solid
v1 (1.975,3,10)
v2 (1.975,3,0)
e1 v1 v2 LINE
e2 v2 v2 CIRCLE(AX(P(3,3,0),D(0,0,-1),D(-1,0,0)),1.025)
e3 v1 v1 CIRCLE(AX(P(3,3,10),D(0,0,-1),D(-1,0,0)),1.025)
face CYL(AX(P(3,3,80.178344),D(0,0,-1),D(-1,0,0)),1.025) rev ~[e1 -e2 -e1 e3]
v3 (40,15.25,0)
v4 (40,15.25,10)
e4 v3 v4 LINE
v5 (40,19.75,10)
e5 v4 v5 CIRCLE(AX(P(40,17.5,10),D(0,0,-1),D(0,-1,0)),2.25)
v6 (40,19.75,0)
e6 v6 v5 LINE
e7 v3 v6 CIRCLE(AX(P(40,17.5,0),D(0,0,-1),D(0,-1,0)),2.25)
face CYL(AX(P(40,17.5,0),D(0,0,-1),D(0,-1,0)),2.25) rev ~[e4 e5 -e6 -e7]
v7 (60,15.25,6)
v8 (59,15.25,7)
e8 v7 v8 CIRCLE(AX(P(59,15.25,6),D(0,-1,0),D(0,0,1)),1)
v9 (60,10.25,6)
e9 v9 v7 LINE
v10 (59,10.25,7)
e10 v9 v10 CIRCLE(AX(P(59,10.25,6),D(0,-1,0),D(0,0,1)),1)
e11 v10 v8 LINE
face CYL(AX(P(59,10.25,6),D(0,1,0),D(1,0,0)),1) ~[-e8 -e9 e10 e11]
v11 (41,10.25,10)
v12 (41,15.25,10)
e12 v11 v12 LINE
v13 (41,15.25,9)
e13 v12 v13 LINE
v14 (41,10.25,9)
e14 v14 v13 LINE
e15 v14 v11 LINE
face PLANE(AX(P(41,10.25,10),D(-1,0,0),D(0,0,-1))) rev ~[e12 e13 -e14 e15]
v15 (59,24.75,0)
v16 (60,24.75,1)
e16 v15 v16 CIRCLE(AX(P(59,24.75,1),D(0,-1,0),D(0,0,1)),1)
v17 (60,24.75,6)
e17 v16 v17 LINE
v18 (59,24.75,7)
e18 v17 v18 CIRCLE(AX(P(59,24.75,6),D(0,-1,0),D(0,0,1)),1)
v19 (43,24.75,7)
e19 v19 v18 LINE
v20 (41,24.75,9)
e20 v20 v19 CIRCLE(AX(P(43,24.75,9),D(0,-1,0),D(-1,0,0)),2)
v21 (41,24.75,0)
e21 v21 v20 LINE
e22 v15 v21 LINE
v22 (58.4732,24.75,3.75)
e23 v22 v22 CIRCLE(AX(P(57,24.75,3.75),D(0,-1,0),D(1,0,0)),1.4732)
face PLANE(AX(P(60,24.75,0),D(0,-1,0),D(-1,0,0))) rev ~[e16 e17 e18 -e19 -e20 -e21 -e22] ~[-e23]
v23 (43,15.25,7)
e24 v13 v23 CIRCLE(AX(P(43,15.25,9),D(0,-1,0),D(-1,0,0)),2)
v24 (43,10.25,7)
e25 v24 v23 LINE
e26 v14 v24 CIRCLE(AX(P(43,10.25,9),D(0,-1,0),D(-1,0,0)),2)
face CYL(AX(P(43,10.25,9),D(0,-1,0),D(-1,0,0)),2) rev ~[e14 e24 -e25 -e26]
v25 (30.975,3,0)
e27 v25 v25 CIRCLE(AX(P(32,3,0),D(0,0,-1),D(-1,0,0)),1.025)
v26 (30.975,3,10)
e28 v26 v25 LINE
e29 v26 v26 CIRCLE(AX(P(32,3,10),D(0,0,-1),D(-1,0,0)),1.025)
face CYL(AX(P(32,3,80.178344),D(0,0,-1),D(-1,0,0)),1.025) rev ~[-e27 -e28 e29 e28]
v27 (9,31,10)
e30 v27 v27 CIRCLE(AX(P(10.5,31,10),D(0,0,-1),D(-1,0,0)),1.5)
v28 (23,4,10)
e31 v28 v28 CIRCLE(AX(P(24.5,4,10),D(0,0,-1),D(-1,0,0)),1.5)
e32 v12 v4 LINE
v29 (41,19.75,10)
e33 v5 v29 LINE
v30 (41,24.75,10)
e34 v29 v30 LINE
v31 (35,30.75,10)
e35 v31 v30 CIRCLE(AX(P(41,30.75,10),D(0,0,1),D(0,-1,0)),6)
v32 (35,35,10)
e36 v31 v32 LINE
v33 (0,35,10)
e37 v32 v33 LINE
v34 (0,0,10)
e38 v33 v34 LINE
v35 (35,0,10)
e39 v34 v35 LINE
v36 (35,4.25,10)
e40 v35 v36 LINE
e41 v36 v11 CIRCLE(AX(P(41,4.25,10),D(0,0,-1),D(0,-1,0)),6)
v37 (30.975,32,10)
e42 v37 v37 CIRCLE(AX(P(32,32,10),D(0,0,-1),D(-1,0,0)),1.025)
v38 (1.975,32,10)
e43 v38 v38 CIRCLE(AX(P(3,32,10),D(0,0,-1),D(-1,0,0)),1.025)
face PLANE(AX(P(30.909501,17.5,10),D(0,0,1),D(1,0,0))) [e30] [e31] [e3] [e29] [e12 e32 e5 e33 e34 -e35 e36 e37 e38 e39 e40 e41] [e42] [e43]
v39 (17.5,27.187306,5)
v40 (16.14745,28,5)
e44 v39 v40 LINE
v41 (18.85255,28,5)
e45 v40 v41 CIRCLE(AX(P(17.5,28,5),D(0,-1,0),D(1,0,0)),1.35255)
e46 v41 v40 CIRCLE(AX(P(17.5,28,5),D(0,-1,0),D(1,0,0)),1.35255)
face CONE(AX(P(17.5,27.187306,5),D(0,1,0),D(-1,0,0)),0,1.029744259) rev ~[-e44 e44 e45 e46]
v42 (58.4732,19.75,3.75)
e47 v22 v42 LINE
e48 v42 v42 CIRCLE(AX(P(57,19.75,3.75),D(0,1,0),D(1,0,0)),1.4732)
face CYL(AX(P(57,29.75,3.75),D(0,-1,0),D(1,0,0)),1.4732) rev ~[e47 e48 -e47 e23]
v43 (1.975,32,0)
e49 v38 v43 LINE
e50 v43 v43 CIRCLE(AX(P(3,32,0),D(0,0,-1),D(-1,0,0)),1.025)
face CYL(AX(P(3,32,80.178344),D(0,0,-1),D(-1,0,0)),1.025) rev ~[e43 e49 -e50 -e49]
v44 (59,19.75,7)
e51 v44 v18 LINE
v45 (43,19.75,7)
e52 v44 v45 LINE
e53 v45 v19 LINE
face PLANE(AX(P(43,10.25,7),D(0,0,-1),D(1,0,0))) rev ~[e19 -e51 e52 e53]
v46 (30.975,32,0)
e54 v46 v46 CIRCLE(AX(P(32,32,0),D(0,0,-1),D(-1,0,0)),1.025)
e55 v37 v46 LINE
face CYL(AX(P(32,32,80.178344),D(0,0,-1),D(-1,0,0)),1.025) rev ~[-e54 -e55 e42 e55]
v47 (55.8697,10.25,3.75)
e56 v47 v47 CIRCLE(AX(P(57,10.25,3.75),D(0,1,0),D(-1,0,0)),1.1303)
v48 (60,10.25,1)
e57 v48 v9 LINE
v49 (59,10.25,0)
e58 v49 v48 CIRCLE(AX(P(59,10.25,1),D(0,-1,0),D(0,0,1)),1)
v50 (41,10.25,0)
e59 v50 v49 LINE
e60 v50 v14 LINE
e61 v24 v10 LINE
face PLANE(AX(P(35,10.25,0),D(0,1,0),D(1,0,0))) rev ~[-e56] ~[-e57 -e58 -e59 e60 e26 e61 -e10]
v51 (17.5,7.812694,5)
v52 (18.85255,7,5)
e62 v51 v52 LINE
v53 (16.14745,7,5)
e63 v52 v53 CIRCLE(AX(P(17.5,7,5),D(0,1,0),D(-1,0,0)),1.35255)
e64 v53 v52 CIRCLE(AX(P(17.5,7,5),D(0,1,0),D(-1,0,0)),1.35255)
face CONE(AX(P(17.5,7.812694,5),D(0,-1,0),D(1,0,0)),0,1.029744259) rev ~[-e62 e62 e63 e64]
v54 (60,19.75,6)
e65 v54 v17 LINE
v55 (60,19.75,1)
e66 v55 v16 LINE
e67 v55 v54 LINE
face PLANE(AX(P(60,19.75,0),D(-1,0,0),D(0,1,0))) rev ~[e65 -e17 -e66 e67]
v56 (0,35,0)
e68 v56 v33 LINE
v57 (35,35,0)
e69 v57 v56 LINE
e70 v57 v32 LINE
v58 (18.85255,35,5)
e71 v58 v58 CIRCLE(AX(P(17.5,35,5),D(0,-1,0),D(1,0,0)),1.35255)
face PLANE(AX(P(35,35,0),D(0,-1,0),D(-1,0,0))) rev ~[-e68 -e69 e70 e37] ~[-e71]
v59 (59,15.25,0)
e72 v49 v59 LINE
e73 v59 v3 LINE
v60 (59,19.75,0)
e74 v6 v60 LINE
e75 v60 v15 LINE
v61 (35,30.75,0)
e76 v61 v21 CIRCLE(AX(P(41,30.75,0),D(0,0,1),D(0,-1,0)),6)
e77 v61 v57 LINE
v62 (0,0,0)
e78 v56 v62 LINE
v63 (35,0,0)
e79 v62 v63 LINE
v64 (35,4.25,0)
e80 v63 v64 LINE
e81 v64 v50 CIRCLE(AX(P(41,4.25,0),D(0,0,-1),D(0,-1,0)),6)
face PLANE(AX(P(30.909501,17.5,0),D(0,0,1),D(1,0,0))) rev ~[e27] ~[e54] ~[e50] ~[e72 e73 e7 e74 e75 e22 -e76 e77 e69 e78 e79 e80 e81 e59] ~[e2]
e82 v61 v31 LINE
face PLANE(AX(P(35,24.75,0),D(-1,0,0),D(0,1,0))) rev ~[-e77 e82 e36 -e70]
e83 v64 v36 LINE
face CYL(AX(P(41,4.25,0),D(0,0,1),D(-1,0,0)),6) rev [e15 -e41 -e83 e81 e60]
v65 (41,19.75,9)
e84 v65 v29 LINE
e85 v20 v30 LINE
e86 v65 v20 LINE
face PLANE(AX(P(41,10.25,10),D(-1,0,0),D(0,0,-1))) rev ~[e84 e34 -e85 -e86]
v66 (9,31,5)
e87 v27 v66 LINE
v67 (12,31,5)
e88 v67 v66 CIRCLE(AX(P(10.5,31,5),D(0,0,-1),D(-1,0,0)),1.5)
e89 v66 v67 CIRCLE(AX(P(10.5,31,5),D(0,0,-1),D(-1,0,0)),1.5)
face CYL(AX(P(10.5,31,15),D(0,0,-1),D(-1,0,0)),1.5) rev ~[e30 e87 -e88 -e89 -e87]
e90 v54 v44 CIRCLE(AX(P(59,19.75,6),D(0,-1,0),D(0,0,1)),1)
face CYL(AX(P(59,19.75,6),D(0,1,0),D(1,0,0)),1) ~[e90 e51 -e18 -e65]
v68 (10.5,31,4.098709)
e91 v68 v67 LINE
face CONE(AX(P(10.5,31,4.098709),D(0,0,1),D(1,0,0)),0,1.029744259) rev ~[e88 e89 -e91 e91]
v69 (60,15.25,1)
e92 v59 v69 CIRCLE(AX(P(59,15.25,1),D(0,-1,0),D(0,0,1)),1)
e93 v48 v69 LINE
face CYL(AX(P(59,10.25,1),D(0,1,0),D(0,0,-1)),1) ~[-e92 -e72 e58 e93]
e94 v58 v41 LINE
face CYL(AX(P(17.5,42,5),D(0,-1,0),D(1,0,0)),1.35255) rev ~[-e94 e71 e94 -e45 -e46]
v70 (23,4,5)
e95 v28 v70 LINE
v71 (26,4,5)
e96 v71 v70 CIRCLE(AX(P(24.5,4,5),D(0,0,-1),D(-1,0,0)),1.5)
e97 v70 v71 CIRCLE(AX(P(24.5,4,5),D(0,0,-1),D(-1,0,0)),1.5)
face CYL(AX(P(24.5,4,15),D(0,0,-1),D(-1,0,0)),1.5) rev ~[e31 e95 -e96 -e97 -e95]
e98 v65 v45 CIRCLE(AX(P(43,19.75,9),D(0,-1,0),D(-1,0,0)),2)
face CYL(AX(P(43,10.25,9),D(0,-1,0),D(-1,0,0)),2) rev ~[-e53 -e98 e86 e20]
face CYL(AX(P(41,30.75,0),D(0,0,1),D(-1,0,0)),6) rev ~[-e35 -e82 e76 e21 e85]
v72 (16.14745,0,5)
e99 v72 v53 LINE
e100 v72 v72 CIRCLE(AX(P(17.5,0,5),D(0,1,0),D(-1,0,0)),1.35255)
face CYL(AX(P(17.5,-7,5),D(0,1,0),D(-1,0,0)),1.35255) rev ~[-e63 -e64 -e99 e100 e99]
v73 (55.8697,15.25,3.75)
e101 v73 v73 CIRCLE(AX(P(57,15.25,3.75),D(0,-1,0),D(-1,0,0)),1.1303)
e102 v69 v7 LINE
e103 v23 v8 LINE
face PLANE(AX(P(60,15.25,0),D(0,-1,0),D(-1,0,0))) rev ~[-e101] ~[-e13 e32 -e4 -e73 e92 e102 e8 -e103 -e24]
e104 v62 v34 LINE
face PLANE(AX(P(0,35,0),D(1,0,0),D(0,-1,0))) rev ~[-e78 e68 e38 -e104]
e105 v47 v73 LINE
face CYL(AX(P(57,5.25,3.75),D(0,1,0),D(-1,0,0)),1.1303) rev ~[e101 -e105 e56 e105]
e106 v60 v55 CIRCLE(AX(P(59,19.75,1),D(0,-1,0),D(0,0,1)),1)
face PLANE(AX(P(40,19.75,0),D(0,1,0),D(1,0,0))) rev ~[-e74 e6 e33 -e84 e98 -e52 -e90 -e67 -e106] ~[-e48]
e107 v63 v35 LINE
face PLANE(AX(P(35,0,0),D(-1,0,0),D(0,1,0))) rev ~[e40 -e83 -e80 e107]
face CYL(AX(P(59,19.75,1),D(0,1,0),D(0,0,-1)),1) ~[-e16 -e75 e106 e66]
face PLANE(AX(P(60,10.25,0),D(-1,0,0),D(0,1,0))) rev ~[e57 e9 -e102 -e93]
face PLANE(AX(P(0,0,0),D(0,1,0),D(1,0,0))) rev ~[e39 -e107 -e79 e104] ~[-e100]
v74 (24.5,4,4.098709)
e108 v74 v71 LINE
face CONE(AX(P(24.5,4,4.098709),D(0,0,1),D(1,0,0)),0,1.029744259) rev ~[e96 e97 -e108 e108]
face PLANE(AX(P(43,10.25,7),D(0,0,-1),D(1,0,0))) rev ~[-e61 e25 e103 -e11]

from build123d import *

# Parameters (mm, degrees)
F1_DEPTH         = 10
F3_D             = 2.05
F4_D             = 3
F4_DEPTH         = 5
F4_TIP           = 0.9012909285
F5_R             = 6
F7_DEPTH         = 24.751
F8_R             = 1
F10_D            = 2.9464
F10_DEPTH        = 5
F10_TIP          = 0.885187864
F12_D            = 2.2606
F12_DEPTH        = 5
F12_TIP          = 0.6791527577
F15_D            = 2.7051
F15_DEPTH        = 7
F15_TIP          = 0.8126940303
F15_ON_F14_D     = 2.7051
F15_ON_F14_DEPTH = 7
F15_ON_F14_TIP   = 0.8126940303


with BuildPart() as f1:
    # F0 (on Top) → F1 (new body)
    with BuildSketch(Plane.XY):
        with BuildLine():
            Line((0, 35), (0, 0))
            Line((0, 0), (35, 0))
            Line((35, 0), (35, 10.25))
            Line((35, 10.25), (60, 10.25))
            Line((60, 10.25), (60, 15.25))
            Line((60, 15.25), (40, 15.25))
            ThreePointArc((40, 15.25), (37.75, 17.5), (40, 19.75))
            Line((40, 19.75), (60, 19.75))
            Line((60, 19.75), (60, 24.75))
            Line((60, 24.75), (35, 24.75))
            Line((35, 24.75), (35, 35))
            Line((35, 35), (0, 35))
        make_face()
    extrude(amount=F1_DEPTH)

    # F3 (through all)
    with Locations(Plane.XY.offset(10)):
        with Locations((3, 32), (32, 32), (32, 3), (3, 3)):
            Hole(F3_D / 2)

    # F4
    with Locations(Plane.XY.offset(10)):
        with Locations((10.5, 31), (24.5, 4)):
            Hole(F4_D / 2, depth=F4_DEPTH)
            with Locations((0, 0, -(F4_DEPTH + F4_TIP / 2))):  # 118° drill point
                Cone(0, F4_D / 2, F4_TIP, mode=Mode.SUBTRACT)

    # F5
    f5_edges = [f1.edges().sort_by_distance(p)[0] for p in [
        (35, 10.25, 5),
        (35, 24.75, 5),
    ]]
    fillet(f5_edges, radius=F5_R)

    # F6 (on face) → F7 (cut, through all)
    with BuildSketch(Plane.XZ.offset(-10.25)):
        with BuildLine():
            Line((43, 7), (60, 7))
            Line((60, 7), (60, 10))
            Line((60, 10), (41, 10))
            Line((41, 10), (41, 9))
            ThreePointArc((41, 9), (41.5857864376, 7.5857864376), (43, 7))
        make_face()
    extrude(amount=-F7_DEPTH, mode=Mode.SUBTRACT)

    # F8
    f8_edges = [f1.edges().sort_by_distance(p)[0] for p in [
        (60, 12.75, 7),
        (60, 22.25, 7),
        (60, 22.25, 0),
        (60, 12.75, 0),
    ]]
    fillet(f8_edges, radius=F8_R)

    # F10
    with Locations(Plane(origin=(0, 24.75, 0), x_dir=(-1, 0, 0), z_dir=(0, 1, 0))):
        with Locations((-57, 3.75)):
            Hole(F10_D / 2, depth=F10_DEPTH)
            with Locations((0, 0, -(F10_DEPTH + F10_TIP / 2))):  # 118° drill point
                Cone(0, F10_D / 2, F10_TIP, mode=Mode.SUBTRACT)

    # F12
    with Locations(Plane.XZ.offset(-10.25)):
        with Locations((57, 3.75)):
            Hole(F12_D / 2, depth=F12_DEPTH)
            with Locations((0, 0, -(F12_DEPTH + F12_TIP / 2))):  # 118° drill point
                Cone(0, F12_D / 2, F12_TIP, mode=Mode.SUBTRACT)

    # F15
    with Locations(Plane(origin=(0, 35, 0), x_dir=(-1, 0, 0), z_dir=(0, 1, 0))):
        with Locations((-17.5, 5)):
            Hole(F15_D / 2, depth=F15_DEPTH)
            with Locations((0, 0, -(F15_DEPTH + F15_TIP / 2))):  # 118° drill point
                Cone(0, F15_D / 2, F15_TIP, mode=Mode.SUBTRACT)

    # F15 on F14
    with Locations(Plane.XZ):
        with Locations((17.5, 5)):
            Hole(F15_ON_F14_D / 2, depth=F15_ON_F14_DEPTH)
            with Locations((0, 0, -(F15_ON_F14_DEPTH + F15_ON_F14_TIP / 2))):  # 118° drill point
                Cone(0, F15_ON_F14_D / 2, F15_ON_F14_TIP, mode=Mode.SUBTRACT)


solid = f1.part
